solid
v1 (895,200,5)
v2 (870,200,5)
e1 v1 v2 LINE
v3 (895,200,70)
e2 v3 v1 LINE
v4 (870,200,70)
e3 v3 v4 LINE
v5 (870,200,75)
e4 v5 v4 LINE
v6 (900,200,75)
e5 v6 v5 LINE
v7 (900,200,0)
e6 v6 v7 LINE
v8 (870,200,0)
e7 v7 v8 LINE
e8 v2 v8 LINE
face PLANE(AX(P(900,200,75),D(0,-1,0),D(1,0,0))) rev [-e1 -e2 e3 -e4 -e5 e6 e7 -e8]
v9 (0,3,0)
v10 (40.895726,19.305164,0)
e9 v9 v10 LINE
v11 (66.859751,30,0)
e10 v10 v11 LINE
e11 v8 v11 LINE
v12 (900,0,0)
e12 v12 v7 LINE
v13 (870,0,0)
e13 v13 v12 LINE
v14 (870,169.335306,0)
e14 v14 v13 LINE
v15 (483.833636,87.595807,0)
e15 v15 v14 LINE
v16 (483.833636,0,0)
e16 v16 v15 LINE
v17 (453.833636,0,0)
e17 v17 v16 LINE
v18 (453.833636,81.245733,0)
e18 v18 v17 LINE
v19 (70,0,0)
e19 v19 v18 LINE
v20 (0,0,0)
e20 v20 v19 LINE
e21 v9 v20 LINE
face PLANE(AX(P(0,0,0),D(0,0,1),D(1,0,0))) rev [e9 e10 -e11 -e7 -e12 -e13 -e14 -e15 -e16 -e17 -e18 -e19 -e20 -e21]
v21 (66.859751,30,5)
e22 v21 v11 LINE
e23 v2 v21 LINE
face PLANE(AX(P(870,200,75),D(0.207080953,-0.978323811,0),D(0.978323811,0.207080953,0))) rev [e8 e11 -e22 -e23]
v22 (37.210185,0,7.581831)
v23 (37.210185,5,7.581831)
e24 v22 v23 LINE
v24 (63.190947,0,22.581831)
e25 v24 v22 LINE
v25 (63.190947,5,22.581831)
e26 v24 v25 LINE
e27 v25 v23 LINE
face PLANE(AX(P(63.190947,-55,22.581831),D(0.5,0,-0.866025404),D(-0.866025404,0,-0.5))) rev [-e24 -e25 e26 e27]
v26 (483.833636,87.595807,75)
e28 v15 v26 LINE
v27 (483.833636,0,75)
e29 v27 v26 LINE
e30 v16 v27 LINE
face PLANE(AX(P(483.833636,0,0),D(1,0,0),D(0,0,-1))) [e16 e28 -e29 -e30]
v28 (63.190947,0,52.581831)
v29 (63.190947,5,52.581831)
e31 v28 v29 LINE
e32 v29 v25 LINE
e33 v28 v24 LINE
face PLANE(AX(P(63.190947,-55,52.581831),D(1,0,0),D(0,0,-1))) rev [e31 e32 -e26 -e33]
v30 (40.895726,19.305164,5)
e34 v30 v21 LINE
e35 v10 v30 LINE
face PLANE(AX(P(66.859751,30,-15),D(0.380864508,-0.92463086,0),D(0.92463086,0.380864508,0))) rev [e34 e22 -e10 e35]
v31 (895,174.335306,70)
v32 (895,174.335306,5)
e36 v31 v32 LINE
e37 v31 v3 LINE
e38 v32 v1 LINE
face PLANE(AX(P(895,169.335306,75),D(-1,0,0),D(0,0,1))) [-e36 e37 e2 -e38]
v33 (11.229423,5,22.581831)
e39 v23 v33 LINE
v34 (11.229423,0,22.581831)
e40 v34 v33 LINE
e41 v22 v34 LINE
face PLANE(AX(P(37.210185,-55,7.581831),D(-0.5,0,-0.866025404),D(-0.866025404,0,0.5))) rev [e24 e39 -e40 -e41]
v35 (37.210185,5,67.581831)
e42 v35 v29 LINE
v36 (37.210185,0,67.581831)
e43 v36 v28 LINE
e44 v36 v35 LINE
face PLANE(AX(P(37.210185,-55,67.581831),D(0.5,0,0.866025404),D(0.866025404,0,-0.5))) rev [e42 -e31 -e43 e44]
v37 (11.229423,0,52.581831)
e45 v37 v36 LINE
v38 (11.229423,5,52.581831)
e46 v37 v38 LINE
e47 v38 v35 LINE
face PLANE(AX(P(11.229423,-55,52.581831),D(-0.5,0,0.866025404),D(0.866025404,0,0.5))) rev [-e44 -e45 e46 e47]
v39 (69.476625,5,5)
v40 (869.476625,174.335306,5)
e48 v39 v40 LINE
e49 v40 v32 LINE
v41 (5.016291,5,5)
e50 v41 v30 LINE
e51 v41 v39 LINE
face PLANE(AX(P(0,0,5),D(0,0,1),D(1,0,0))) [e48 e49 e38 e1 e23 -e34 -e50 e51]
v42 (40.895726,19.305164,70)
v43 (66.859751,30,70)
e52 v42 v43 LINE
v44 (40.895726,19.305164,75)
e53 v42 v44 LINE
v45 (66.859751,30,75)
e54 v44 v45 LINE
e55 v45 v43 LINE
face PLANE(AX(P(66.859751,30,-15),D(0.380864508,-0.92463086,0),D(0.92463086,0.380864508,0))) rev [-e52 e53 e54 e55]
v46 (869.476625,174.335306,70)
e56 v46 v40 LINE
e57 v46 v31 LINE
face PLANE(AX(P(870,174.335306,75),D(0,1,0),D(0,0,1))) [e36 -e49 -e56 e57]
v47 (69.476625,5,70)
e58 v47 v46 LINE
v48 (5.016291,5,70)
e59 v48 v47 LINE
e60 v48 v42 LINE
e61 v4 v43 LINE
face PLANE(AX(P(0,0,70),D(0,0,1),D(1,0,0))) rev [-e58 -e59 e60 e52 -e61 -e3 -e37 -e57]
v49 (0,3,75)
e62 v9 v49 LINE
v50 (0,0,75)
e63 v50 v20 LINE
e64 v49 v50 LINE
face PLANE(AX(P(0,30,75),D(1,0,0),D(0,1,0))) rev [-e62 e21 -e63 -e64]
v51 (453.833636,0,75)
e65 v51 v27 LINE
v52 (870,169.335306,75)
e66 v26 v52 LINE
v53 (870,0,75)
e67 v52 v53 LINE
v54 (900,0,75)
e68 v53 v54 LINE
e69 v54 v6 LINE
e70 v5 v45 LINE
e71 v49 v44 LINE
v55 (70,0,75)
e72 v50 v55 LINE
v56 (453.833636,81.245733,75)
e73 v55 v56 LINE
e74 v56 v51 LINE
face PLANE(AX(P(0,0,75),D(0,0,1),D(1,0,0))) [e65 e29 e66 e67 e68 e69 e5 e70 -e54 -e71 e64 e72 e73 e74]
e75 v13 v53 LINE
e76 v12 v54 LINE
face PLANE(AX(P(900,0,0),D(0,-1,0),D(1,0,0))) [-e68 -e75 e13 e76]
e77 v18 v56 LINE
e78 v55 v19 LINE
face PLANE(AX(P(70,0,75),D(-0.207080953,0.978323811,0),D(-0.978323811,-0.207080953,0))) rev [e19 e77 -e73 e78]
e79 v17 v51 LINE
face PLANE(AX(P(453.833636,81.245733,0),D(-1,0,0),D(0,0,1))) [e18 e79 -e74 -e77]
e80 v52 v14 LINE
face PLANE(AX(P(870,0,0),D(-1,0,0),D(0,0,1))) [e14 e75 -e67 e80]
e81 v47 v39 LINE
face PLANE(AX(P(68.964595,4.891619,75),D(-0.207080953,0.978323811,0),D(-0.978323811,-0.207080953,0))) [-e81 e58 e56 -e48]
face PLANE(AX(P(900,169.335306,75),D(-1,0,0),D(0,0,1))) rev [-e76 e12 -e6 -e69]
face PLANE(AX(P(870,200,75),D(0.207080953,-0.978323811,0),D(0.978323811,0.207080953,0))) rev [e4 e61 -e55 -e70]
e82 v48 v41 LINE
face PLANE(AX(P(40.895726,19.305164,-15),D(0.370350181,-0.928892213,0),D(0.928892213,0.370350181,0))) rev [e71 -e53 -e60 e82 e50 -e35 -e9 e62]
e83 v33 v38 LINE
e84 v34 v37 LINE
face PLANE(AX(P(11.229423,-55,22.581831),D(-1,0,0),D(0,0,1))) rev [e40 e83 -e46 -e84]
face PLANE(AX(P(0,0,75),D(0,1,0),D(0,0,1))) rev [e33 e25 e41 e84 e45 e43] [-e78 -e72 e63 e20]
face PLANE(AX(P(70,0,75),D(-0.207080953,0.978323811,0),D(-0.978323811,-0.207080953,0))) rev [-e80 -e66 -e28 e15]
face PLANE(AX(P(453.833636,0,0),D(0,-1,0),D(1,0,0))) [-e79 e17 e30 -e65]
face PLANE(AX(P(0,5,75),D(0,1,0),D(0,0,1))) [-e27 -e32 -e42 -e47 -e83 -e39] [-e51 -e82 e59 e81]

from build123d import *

# Parameters (mm, degrees)
BOSS_EXTRUDE2_DEPTH = 75
SHELL1_T            = -5
CUT_EXTRUDE2_DEPTH  = 60
CUT_EXTRUDE4_DEPTH  = 90
SKETCH12_W          = 30
SKETCH12_H          = 169.335306301
BOSS_EXTRUDE5_DEPTH = 75


with BuildPart() as part:
    # Sketch2 → Boss-Extrude2 (new body)
    with BuildSketch(Plane.XY):
        Polygon((0, 0), (70, 0), (870, 169.335306301), (900, 169.335306301), (900, 200), (870, 200), (66.859751398, 30), (0, 30), align=None)
    extrude(amount=BOSS_EXTRUDE2_DEPTH)

    # Shell1
    shell1_openings = [part.faces().sort_by_distance(p)[0] for p in [
        (33.429875699, 30, 37.5),
        (468.429875699, 115, 37.5),
        (885, 200, 37.5),
    ]]
    offset(amount=SHELL1_T, openings=shell1_openings, kind=Kind.INTERSECTION)

    # Sketch9 → Cut-Extrude2 (cut)
    with BuildSketch(Plane(origin=(0, 5, 0), x_dir=(1, 0, 0), z_dir=(0, 1, 0))):
        Polygon((37.210185308, -7.581831093), (11.229423195, -22.581831093), (11.229423195, -52.581831093), (37.210185308, -67.581831093), (63.190947422, -52.581831093), (63.190947422, -22.581831093), align=None)
    extrude(amount=-CUT_EXTRUDE2_DEPTH, mode=Mode.SUBTRACT)

    # Sketch11 → Cut-Extrude4 (cut)
    with BuildSketch(Plane.XY.offset(75)):
        Polygon((66.859751398, 30), (40.895726077, 19.305163659), (0, 3), (0, 30), align=None)
    extrude(amount=-CUT_EXTRUDE4_DEPTH, mode=Mode.SUBTRACT)

    # Sketch12 → Boss-Extrude5 (add)
    with BuildSketch(Plane.XY.offset(75)):
        with Locations((885, 84.667653151)):
            Rectangle(SKETCH12_W, SKETCH12_H)
        Polygon((453.833635791, 81.245732857), (453.833635791, 0), (483.833635791, 0), (483.833635791, 87.595806843), align=None)
    extrude(amount=-BOSS_EXTRUDE5_DEPTH)


solid = part.part
